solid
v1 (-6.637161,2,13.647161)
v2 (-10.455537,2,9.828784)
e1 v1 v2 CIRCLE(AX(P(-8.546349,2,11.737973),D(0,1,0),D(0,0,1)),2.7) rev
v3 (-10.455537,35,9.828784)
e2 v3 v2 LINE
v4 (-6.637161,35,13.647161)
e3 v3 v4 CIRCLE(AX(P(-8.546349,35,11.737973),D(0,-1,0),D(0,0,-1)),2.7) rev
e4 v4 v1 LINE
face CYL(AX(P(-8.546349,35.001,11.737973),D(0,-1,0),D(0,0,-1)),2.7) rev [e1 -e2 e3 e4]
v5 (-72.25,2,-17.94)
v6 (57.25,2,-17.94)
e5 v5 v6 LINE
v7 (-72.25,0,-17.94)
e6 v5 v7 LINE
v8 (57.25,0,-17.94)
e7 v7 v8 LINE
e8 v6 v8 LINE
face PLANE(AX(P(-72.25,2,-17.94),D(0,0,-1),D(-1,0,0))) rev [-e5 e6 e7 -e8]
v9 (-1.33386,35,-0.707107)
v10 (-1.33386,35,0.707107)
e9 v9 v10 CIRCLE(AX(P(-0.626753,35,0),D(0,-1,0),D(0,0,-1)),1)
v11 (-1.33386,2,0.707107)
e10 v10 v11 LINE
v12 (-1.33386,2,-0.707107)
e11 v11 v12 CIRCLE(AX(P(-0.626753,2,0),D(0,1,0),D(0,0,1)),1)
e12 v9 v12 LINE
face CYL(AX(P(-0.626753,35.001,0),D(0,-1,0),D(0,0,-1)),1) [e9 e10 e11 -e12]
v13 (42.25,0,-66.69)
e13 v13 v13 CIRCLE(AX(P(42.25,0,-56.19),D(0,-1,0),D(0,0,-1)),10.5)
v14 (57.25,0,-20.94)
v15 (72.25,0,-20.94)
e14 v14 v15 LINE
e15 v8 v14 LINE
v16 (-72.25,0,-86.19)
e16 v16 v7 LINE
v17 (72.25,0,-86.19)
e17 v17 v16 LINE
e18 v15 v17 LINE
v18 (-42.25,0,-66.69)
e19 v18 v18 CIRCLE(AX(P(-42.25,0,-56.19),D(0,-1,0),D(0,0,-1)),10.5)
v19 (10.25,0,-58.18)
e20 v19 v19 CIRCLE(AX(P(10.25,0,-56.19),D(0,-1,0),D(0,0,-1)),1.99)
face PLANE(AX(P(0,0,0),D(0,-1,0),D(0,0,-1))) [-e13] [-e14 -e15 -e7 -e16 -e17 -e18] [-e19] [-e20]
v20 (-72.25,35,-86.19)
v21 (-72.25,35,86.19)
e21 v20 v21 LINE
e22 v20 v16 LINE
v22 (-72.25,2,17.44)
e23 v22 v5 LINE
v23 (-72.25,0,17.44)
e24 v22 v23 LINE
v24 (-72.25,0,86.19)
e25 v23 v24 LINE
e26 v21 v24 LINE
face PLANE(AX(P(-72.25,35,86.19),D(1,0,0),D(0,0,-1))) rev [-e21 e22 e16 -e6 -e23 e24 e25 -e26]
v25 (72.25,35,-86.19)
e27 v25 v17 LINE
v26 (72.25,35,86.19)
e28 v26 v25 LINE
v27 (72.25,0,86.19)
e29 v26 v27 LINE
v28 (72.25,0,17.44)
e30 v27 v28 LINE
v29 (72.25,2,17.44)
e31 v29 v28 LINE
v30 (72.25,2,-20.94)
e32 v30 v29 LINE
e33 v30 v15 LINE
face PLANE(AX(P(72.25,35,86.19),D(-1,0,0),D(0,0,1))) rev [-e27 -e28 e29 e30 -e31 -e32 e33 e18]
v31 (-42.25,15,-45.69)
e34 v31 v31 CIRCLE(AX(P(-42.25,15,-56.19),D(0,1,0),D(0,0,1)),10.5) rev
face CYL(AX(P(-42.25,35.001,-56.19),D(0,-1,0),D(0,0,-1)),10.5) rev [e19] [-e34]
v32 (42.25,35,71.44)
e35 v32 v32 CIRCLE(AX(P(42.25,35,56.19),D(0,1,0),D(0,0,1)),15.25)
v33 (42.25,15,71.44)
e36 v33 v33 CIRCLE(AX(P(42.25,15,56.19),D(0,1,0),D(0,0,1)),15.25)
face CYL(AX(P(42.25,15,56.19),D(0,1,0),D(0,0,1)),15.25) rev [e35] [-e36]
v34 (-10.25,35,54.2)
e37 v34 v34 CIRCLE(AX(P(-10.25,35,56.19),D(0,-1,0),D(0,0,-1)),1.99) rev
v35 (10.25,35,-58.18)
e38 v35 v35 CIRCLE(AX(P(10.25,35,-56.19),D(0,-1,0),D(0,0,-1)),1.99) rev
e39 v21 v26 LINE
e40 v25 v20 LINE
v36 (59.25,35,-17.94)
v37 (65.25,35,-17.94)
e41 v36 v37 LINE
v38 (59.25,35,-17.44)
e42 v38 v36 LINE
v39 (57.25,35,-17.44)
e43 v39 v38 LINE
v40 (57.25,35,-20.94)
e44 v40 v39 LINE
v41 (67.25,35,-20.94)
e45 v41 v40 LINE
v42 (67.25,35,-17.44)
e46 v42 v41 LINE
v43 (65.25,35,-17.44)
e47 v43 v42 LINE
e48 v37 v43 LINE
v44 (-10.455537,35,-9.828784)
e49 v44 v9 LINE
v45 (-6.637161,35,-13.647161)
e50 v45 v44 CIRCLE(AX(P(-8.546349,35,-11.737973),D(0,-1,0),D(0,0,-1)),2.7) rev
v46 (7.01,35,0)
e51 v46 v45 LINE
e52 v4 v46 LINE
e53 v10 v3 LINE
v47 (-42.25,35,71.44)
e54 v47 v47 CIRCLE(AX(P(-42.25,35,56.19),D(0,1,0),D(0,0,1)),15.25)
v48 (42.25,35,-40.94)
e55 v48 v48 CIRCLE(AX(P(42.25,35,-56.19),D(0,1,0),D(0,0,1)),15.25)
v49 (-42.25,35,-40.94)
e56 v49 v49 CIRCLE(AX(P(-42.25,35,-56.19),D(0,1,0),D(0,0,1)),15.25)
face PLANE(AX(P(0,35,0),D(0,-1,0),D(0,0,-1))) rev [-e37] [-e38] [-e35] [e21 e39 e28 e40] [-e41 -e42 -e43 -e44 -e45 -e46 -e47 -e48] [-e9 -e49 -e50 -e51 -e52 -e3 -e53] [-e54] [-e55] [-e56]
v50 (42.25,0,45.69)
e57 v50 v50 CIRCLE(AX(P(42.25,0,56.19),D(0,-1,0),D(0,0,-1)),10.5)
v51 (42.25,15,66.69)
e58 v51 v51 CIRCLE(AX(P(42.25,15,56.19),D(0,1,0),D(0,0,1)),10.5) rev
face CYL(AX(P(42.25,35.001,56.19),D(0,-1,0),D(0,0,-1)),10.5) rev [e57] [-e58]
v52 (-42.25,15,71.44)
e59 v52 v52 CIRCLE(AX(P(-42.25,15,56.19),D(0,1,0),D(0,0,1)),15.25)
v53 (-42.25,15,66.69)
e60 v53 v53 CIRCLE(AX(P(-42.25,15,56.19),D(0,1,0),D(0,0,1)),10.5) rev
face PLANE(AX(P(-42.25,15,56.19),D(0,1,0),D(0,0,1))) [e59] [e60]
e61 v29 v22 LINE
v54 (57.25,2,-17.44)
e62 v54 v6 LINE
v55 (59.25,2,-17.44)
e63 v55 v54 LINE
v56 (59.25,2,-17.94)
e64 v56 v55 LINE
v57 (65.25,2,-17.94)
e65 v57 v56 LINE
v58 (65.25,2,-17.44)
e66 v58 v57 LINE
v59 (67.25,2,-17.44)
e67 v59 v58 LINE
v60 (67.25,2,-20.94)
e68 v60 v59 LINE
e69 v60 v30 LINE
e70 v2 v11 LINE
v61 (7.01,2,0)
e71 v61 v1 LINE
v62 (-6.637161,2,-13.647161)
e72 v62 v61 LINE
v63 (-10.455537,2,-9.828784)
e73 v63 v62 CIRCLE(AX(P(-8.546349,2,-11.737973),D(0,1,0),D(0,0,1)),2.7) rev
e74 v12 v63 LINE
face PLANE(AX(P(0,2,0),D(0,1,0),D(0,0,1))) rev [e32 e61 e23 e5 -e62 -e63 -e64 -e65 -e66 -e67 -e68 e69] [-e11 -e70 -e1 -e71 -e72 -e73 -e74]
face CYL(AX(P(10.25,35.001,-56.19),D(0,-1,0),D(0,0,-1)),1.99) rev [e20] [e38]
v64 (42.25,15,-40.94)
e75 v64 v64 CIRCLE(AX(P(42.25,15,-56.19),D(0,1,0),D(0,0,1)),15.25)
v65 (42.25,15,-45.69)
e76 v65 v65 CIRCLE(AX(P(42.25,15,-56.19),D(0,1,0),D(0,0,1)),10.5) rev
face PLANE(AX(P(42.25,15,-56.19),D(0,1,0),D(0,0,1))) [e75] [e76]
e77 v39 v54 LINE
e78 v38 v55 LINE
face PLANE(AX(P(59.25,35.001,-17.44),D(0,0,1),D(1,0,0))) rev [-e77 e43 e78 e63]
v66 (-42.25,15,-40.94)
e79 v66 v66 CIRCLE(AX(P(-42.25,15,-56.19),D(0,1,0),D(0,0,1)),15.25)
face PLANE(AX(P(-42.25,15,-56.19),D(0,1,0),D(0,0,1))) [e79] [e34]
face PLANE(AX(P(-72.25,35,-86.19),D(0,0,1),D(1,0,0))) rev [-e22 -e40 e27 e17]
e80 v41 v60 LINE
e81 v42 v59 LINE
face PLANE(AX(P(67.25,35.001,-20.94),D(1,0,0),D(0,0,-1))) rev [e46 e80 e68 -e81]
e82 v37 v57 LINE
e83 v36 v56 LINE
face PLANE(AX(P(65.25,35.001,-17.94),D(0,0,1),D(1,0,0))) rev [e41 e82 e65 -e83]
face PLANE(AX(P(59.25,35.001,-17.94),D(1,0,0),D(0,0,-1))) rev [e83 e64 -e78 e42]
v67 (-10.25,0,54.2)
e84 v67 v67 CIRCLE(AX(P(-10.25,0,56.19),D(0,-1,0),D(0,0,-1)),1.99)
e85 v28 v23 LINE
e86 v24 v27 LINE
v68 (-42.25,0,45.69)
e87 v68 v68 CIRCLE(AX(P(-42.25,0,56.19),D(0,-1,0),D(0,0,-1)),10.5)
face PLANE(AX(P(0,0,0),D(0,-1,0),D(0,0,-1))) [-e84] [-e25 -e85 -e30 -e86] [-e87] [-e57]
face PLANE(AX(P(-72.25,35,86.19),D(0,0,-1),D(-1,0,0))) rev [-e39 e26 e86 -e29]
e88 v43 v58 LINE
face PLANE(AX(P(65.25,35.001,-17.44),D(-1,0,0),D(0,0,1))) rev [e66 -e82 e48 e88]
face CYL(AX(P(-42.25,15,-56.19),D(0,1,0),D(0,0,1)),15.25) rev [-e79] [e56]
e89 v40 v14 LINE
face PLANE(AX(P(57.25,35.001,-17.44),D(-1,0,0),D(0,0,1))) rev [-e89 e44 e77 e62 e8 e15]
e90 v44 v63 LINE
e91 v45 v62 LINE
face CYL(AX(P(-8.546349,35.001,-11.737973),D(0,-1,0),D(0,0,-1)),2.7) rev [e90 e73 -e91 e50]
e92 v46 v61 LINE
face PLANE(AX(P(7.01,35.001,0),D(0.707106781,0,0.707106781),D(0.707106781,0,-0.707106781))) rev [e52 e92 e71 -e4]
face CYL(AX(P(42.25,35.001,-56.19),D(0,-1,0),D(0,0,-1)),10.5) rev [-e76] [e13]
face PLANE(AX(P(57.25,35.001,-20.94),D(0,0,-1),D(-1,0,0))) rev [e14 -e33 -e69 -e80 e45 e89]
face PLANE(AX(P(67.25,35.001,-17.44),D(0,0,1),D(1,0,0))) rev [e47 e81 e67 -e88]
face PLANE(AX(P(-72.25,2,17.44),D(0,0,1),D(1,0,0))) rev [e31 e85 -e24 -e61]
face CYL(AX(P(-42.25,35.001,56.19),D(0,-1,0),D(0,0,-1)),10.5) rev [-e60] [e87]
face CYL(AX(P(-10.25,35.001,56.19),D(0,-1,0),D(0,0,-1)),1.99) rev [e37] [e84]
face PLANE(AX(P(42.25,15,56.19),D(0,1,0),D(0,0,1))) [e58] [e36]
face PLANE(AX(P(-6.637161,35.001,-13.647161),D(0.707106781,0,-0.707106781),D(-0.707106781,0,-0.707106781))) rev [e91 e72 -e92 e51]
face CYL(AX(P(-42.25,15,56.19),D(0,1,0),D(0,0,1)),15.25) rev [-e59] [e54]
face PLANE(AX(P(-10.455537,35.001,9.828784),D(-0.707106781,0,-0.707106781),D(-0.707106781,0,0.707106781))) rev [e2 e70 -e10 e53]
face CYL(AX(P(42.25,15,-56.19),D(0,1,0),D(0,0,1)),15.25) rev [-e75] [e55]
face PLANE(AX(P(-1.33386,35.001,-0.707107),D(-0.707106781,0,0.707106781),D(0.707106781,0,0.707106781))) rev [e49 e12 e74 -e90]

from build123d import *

# Parameters (mm, degrees)
SKETCH1_W           = 144.5
SKETCH1_H           = 172.38
BOSS_EXTRUDE1_DEPTH = 35
CUT_EXTRUDE1_REACH  = 119.787
SKETCH2_R           = 1.99
SKETCH2_R_2         = 10.5
CUT_EXTRUDE2_DEPTH  = 2
SKETCH4_R           = 15.25
CUT_EXTRUDE3_DEPTH  = 20


with BuildPart() as part:
    # Sketch1 → Boss-Extrude1 (new body)
    with BuildSketch(Plane(origin=(0, 0, 0), x_dir=(1, 0, 0), z_dir=(0, 1, 0))):
        Rectangle(SKETCH1_W, SKETCH1_H)
    extrude(amount=BOSS_EXTRUDE1_DEPTH)

    # Sketch2 → Cut-Extrude1 (cut, up to next)
    with BuildSketch(Plane.XZ, mode=Mode.PRIVATE) as cut_extrude1_sk1:
        with Locations(Location((10.25, -56.19, 0), (0, 0, 270))):
            Circle(SKETCH2_R)
    cut_extrude1_tool1 = extrude(cut_extrude1_sk1.sketch, amount=-CUT_EXTRUDE1_REACH, mode=Mode.PRIVATE) & part.part
    # Sketch2 → Cut-Extrude1 (cut, up to next)
    with BuildSketch(Plane.XZ, mode=Mode.PRIVATE) as cut_extrude1_sk2:
        with Locations(Location((-42.25, -56.19, 0), (0, 0, 270))):
            Circle(SKETCH2_R_2)
    cut_extrude1_tool2 = extrude(cut_extrude1_sk2.sketch, amount=-CUT_EXTRUDE1_REACH, mode=Mode.PRIVATE) & part.part
    # Sketch2 → Cut-Extrude1 (cut, up to next)
    with BuildSketch(Plane.XZ, mode=Mode.PRIVATE) as cut_extrude1_sk3:
        with Locations(Location((42.25, -56.19, 0), (0, 0, 270))):
            Circle(SKETCH2_R_2)
    cut_extrude1_tool3 = extrude(cut_extrude1_sk3.sketch, amount=-CUT_EXTRUDE1_REACH, mode=Mode.PRIVATE) & part.part
    # Sketch2 → Cut-Extrude1 (cut, up to next)
    with BuildSketch(Plane.XZ, mode=Mode.PRIVATE) as cut_extrude1_sk4:
        with Locations(Location((-42.25, 56.19, 0), (0, 0, 270))):
            Circle(SKETCH2_R_2)
    cut_extrude1_tool4 = extrude(cut_extrude1_sk4.sketch, amount=-CUT_EXTRUDE1_REACH, mode=Mode.PRIVATE) & part.part
    # Sketch2 → Cut-Extrude1 (cut, up to next)
    with BuildSketch(Plane.XZ, mode=Mode.PRIVATE) as cut_extrude1_sk5:
        with Locations(Location((-10.25, 56.19, 0), (0, 0, 270))):
            Circle(SKETCH2_R)
    cut_extrude1_tool5 = extrude(cut_extrude1_sk5.sketch, amount=-CUT_EXTRUDE1_REACH, mode=Mode.PRIVATE) & part.part
    # Sketch2 → Cut-Extrude1 (cut, up to next)
    with BuildSketch(Plane.XZ, mode=Mode.PRIVATE) as cut_extrude1_sk6:
        with Locations(Location((42.25, 56.19, 0), (0, 0, 270))):
            Circle(SKETCH2_R_2)
    cut_extrude1_tool6 = extrude(cut_extrude1_sk6.sketch, amount=-CUT_EXTRUDE1_REACH, mode=Mode.PRIVATE) & part.part
    # Sketch2 → Cut-Extrude1 (cut, up to next)
    with BuildSketch(Plane.XZ, mode=Mode.PRIVATE) as cut_extrude1_sk7:
        Polygon((57.25, -20.94), (67.25, -20.94), (67.25, -17.44), (65.25, -17.44), (65.25, -17.94), (59.25, -17.94), (59.25, -17.44), (57.25, -17.44), align=None)
    cut_extrude1_tool7 = extrude(cut_extrude1_sk7.sketch, amount=-CUT_EXTRUDE1_REACH, mode=Mode.PRIVATE) & part.part
    # Sketch2 → Cut-Extrude1 (cut, up to next)
    with BuildSketch(Plane.XZ, mode=Mode.PRIVATE) as cut_extrude1_sk8:
        with BuildLine():
            Line((-1.333860018, -0.707106781), (-10.455537495, -9.828784258))
            ThreePointArc((-10.455537495, -9.828784258), (-10.455537495, -13.647160877), (-6.637160877, -13.647160877))
            Line((-6.637160877, -13.647160877), (7.01, 0))
            Line((7.01, 0), (-6.637160877, 13.647160877))
            ThreePointArc((-6.637160877, 13.647160877), (-10.455537495, 13.647160877), (-10.455537495, 9.828784258))
            Line((-10.455537495, 9.828784258), (-1.333860018, 0.707106781))
            ThreePointArc((-1.333860018, 0.707106781), (0.373246763, 0), (-1.333860018, -0.707106781))
        make_face()
    cut_extrude1_tool8 = extrude(cut_extrude1_sk8.sketch, amount=-CUT_EXTRUDE1_REACH, mode=Mode.PRIVATE) & part.part
    add(cut_extrude1_tool1.solids().sort_by_distance((10.25, 0, -56.19))[0], mode=Mode.SUBTRACT)
    add(cut_extrude1_tool2.solids().sort_by_distance((-42.25, 0, -56.19))[0], mode=Mode.SUBTRACT)
    add(cut_extrude1_tool3.solids().sort_by_distance((42.25, 0, -56.19))[0], mode=Mode.SUBTRACT)
    add(cut_extrude1_tool4.solids().sort_by_distance((-42.25, 0, 56.19))[0], mode=Mode.SUBTRACT)
    add(cut_extrude1_tool5.solids().sort_by_distance((-10.25, 0, 56.19))[0], mode=Mode.SUBTRACT)
    add(cut_extrude1_tool6.solids().sort_by_distance((42.25, 0, 56.19))[0], mode=Mode.SUBTRACT)
    add(cut_extrude1_tool7.solids().sort_by_distance((62.25, 0, -19.330625))[0], mode=Mode.SUBTRACT)
    add(cut_extrude1_tool8.solids().sort_by_distance((-0.05515, 0, -6.582011))[0], mode=Mode.SUBTRACT)

    # Sketch3 → Cut-Extrude2 (cut)
    with BuildSketch(Plane.XZ):
        Polygon((-72.25, 17.44), (-72.25, -17.94), (57.25, -17.94), (57.25, -20.94), (72.25, -20.94), (72.25, -19.644727293), (72.25, 17.44), align=None)
    extrude(amount=-CUT_EXTRUDE2_DEPTH, mode=Mode.SUBTRACT)

    # Sketch4 → Cut-Extrude3 (cut)
    with BuildSketch(Plane(origin=(0, 35, 0), x_dir=(1, 0, 0), z_dir=(0, 1, 0))):
        with Locations(Location((-42.25, 56.19, 0), (0, 0, 270))):
            Circle(SKETCH4_R)
        with Locations(Location((42.25, 56.19, 0), (0, 0, 270))):
            Circle(SKETCH4_R)
        with Locations(Location((42.25, -56.19, 0), (0, 0, 270))):
            Circle(SKETCH4_R)
        with Locations(Location((-42.25, -56.19, 0), (0, 0, 270))):
            Circle(SKETCH4_R)
    extrude(amount=-CUT_EXTRUDE3_DEPTH, mode=Mode.SUBTRACT)


solid = part.part
